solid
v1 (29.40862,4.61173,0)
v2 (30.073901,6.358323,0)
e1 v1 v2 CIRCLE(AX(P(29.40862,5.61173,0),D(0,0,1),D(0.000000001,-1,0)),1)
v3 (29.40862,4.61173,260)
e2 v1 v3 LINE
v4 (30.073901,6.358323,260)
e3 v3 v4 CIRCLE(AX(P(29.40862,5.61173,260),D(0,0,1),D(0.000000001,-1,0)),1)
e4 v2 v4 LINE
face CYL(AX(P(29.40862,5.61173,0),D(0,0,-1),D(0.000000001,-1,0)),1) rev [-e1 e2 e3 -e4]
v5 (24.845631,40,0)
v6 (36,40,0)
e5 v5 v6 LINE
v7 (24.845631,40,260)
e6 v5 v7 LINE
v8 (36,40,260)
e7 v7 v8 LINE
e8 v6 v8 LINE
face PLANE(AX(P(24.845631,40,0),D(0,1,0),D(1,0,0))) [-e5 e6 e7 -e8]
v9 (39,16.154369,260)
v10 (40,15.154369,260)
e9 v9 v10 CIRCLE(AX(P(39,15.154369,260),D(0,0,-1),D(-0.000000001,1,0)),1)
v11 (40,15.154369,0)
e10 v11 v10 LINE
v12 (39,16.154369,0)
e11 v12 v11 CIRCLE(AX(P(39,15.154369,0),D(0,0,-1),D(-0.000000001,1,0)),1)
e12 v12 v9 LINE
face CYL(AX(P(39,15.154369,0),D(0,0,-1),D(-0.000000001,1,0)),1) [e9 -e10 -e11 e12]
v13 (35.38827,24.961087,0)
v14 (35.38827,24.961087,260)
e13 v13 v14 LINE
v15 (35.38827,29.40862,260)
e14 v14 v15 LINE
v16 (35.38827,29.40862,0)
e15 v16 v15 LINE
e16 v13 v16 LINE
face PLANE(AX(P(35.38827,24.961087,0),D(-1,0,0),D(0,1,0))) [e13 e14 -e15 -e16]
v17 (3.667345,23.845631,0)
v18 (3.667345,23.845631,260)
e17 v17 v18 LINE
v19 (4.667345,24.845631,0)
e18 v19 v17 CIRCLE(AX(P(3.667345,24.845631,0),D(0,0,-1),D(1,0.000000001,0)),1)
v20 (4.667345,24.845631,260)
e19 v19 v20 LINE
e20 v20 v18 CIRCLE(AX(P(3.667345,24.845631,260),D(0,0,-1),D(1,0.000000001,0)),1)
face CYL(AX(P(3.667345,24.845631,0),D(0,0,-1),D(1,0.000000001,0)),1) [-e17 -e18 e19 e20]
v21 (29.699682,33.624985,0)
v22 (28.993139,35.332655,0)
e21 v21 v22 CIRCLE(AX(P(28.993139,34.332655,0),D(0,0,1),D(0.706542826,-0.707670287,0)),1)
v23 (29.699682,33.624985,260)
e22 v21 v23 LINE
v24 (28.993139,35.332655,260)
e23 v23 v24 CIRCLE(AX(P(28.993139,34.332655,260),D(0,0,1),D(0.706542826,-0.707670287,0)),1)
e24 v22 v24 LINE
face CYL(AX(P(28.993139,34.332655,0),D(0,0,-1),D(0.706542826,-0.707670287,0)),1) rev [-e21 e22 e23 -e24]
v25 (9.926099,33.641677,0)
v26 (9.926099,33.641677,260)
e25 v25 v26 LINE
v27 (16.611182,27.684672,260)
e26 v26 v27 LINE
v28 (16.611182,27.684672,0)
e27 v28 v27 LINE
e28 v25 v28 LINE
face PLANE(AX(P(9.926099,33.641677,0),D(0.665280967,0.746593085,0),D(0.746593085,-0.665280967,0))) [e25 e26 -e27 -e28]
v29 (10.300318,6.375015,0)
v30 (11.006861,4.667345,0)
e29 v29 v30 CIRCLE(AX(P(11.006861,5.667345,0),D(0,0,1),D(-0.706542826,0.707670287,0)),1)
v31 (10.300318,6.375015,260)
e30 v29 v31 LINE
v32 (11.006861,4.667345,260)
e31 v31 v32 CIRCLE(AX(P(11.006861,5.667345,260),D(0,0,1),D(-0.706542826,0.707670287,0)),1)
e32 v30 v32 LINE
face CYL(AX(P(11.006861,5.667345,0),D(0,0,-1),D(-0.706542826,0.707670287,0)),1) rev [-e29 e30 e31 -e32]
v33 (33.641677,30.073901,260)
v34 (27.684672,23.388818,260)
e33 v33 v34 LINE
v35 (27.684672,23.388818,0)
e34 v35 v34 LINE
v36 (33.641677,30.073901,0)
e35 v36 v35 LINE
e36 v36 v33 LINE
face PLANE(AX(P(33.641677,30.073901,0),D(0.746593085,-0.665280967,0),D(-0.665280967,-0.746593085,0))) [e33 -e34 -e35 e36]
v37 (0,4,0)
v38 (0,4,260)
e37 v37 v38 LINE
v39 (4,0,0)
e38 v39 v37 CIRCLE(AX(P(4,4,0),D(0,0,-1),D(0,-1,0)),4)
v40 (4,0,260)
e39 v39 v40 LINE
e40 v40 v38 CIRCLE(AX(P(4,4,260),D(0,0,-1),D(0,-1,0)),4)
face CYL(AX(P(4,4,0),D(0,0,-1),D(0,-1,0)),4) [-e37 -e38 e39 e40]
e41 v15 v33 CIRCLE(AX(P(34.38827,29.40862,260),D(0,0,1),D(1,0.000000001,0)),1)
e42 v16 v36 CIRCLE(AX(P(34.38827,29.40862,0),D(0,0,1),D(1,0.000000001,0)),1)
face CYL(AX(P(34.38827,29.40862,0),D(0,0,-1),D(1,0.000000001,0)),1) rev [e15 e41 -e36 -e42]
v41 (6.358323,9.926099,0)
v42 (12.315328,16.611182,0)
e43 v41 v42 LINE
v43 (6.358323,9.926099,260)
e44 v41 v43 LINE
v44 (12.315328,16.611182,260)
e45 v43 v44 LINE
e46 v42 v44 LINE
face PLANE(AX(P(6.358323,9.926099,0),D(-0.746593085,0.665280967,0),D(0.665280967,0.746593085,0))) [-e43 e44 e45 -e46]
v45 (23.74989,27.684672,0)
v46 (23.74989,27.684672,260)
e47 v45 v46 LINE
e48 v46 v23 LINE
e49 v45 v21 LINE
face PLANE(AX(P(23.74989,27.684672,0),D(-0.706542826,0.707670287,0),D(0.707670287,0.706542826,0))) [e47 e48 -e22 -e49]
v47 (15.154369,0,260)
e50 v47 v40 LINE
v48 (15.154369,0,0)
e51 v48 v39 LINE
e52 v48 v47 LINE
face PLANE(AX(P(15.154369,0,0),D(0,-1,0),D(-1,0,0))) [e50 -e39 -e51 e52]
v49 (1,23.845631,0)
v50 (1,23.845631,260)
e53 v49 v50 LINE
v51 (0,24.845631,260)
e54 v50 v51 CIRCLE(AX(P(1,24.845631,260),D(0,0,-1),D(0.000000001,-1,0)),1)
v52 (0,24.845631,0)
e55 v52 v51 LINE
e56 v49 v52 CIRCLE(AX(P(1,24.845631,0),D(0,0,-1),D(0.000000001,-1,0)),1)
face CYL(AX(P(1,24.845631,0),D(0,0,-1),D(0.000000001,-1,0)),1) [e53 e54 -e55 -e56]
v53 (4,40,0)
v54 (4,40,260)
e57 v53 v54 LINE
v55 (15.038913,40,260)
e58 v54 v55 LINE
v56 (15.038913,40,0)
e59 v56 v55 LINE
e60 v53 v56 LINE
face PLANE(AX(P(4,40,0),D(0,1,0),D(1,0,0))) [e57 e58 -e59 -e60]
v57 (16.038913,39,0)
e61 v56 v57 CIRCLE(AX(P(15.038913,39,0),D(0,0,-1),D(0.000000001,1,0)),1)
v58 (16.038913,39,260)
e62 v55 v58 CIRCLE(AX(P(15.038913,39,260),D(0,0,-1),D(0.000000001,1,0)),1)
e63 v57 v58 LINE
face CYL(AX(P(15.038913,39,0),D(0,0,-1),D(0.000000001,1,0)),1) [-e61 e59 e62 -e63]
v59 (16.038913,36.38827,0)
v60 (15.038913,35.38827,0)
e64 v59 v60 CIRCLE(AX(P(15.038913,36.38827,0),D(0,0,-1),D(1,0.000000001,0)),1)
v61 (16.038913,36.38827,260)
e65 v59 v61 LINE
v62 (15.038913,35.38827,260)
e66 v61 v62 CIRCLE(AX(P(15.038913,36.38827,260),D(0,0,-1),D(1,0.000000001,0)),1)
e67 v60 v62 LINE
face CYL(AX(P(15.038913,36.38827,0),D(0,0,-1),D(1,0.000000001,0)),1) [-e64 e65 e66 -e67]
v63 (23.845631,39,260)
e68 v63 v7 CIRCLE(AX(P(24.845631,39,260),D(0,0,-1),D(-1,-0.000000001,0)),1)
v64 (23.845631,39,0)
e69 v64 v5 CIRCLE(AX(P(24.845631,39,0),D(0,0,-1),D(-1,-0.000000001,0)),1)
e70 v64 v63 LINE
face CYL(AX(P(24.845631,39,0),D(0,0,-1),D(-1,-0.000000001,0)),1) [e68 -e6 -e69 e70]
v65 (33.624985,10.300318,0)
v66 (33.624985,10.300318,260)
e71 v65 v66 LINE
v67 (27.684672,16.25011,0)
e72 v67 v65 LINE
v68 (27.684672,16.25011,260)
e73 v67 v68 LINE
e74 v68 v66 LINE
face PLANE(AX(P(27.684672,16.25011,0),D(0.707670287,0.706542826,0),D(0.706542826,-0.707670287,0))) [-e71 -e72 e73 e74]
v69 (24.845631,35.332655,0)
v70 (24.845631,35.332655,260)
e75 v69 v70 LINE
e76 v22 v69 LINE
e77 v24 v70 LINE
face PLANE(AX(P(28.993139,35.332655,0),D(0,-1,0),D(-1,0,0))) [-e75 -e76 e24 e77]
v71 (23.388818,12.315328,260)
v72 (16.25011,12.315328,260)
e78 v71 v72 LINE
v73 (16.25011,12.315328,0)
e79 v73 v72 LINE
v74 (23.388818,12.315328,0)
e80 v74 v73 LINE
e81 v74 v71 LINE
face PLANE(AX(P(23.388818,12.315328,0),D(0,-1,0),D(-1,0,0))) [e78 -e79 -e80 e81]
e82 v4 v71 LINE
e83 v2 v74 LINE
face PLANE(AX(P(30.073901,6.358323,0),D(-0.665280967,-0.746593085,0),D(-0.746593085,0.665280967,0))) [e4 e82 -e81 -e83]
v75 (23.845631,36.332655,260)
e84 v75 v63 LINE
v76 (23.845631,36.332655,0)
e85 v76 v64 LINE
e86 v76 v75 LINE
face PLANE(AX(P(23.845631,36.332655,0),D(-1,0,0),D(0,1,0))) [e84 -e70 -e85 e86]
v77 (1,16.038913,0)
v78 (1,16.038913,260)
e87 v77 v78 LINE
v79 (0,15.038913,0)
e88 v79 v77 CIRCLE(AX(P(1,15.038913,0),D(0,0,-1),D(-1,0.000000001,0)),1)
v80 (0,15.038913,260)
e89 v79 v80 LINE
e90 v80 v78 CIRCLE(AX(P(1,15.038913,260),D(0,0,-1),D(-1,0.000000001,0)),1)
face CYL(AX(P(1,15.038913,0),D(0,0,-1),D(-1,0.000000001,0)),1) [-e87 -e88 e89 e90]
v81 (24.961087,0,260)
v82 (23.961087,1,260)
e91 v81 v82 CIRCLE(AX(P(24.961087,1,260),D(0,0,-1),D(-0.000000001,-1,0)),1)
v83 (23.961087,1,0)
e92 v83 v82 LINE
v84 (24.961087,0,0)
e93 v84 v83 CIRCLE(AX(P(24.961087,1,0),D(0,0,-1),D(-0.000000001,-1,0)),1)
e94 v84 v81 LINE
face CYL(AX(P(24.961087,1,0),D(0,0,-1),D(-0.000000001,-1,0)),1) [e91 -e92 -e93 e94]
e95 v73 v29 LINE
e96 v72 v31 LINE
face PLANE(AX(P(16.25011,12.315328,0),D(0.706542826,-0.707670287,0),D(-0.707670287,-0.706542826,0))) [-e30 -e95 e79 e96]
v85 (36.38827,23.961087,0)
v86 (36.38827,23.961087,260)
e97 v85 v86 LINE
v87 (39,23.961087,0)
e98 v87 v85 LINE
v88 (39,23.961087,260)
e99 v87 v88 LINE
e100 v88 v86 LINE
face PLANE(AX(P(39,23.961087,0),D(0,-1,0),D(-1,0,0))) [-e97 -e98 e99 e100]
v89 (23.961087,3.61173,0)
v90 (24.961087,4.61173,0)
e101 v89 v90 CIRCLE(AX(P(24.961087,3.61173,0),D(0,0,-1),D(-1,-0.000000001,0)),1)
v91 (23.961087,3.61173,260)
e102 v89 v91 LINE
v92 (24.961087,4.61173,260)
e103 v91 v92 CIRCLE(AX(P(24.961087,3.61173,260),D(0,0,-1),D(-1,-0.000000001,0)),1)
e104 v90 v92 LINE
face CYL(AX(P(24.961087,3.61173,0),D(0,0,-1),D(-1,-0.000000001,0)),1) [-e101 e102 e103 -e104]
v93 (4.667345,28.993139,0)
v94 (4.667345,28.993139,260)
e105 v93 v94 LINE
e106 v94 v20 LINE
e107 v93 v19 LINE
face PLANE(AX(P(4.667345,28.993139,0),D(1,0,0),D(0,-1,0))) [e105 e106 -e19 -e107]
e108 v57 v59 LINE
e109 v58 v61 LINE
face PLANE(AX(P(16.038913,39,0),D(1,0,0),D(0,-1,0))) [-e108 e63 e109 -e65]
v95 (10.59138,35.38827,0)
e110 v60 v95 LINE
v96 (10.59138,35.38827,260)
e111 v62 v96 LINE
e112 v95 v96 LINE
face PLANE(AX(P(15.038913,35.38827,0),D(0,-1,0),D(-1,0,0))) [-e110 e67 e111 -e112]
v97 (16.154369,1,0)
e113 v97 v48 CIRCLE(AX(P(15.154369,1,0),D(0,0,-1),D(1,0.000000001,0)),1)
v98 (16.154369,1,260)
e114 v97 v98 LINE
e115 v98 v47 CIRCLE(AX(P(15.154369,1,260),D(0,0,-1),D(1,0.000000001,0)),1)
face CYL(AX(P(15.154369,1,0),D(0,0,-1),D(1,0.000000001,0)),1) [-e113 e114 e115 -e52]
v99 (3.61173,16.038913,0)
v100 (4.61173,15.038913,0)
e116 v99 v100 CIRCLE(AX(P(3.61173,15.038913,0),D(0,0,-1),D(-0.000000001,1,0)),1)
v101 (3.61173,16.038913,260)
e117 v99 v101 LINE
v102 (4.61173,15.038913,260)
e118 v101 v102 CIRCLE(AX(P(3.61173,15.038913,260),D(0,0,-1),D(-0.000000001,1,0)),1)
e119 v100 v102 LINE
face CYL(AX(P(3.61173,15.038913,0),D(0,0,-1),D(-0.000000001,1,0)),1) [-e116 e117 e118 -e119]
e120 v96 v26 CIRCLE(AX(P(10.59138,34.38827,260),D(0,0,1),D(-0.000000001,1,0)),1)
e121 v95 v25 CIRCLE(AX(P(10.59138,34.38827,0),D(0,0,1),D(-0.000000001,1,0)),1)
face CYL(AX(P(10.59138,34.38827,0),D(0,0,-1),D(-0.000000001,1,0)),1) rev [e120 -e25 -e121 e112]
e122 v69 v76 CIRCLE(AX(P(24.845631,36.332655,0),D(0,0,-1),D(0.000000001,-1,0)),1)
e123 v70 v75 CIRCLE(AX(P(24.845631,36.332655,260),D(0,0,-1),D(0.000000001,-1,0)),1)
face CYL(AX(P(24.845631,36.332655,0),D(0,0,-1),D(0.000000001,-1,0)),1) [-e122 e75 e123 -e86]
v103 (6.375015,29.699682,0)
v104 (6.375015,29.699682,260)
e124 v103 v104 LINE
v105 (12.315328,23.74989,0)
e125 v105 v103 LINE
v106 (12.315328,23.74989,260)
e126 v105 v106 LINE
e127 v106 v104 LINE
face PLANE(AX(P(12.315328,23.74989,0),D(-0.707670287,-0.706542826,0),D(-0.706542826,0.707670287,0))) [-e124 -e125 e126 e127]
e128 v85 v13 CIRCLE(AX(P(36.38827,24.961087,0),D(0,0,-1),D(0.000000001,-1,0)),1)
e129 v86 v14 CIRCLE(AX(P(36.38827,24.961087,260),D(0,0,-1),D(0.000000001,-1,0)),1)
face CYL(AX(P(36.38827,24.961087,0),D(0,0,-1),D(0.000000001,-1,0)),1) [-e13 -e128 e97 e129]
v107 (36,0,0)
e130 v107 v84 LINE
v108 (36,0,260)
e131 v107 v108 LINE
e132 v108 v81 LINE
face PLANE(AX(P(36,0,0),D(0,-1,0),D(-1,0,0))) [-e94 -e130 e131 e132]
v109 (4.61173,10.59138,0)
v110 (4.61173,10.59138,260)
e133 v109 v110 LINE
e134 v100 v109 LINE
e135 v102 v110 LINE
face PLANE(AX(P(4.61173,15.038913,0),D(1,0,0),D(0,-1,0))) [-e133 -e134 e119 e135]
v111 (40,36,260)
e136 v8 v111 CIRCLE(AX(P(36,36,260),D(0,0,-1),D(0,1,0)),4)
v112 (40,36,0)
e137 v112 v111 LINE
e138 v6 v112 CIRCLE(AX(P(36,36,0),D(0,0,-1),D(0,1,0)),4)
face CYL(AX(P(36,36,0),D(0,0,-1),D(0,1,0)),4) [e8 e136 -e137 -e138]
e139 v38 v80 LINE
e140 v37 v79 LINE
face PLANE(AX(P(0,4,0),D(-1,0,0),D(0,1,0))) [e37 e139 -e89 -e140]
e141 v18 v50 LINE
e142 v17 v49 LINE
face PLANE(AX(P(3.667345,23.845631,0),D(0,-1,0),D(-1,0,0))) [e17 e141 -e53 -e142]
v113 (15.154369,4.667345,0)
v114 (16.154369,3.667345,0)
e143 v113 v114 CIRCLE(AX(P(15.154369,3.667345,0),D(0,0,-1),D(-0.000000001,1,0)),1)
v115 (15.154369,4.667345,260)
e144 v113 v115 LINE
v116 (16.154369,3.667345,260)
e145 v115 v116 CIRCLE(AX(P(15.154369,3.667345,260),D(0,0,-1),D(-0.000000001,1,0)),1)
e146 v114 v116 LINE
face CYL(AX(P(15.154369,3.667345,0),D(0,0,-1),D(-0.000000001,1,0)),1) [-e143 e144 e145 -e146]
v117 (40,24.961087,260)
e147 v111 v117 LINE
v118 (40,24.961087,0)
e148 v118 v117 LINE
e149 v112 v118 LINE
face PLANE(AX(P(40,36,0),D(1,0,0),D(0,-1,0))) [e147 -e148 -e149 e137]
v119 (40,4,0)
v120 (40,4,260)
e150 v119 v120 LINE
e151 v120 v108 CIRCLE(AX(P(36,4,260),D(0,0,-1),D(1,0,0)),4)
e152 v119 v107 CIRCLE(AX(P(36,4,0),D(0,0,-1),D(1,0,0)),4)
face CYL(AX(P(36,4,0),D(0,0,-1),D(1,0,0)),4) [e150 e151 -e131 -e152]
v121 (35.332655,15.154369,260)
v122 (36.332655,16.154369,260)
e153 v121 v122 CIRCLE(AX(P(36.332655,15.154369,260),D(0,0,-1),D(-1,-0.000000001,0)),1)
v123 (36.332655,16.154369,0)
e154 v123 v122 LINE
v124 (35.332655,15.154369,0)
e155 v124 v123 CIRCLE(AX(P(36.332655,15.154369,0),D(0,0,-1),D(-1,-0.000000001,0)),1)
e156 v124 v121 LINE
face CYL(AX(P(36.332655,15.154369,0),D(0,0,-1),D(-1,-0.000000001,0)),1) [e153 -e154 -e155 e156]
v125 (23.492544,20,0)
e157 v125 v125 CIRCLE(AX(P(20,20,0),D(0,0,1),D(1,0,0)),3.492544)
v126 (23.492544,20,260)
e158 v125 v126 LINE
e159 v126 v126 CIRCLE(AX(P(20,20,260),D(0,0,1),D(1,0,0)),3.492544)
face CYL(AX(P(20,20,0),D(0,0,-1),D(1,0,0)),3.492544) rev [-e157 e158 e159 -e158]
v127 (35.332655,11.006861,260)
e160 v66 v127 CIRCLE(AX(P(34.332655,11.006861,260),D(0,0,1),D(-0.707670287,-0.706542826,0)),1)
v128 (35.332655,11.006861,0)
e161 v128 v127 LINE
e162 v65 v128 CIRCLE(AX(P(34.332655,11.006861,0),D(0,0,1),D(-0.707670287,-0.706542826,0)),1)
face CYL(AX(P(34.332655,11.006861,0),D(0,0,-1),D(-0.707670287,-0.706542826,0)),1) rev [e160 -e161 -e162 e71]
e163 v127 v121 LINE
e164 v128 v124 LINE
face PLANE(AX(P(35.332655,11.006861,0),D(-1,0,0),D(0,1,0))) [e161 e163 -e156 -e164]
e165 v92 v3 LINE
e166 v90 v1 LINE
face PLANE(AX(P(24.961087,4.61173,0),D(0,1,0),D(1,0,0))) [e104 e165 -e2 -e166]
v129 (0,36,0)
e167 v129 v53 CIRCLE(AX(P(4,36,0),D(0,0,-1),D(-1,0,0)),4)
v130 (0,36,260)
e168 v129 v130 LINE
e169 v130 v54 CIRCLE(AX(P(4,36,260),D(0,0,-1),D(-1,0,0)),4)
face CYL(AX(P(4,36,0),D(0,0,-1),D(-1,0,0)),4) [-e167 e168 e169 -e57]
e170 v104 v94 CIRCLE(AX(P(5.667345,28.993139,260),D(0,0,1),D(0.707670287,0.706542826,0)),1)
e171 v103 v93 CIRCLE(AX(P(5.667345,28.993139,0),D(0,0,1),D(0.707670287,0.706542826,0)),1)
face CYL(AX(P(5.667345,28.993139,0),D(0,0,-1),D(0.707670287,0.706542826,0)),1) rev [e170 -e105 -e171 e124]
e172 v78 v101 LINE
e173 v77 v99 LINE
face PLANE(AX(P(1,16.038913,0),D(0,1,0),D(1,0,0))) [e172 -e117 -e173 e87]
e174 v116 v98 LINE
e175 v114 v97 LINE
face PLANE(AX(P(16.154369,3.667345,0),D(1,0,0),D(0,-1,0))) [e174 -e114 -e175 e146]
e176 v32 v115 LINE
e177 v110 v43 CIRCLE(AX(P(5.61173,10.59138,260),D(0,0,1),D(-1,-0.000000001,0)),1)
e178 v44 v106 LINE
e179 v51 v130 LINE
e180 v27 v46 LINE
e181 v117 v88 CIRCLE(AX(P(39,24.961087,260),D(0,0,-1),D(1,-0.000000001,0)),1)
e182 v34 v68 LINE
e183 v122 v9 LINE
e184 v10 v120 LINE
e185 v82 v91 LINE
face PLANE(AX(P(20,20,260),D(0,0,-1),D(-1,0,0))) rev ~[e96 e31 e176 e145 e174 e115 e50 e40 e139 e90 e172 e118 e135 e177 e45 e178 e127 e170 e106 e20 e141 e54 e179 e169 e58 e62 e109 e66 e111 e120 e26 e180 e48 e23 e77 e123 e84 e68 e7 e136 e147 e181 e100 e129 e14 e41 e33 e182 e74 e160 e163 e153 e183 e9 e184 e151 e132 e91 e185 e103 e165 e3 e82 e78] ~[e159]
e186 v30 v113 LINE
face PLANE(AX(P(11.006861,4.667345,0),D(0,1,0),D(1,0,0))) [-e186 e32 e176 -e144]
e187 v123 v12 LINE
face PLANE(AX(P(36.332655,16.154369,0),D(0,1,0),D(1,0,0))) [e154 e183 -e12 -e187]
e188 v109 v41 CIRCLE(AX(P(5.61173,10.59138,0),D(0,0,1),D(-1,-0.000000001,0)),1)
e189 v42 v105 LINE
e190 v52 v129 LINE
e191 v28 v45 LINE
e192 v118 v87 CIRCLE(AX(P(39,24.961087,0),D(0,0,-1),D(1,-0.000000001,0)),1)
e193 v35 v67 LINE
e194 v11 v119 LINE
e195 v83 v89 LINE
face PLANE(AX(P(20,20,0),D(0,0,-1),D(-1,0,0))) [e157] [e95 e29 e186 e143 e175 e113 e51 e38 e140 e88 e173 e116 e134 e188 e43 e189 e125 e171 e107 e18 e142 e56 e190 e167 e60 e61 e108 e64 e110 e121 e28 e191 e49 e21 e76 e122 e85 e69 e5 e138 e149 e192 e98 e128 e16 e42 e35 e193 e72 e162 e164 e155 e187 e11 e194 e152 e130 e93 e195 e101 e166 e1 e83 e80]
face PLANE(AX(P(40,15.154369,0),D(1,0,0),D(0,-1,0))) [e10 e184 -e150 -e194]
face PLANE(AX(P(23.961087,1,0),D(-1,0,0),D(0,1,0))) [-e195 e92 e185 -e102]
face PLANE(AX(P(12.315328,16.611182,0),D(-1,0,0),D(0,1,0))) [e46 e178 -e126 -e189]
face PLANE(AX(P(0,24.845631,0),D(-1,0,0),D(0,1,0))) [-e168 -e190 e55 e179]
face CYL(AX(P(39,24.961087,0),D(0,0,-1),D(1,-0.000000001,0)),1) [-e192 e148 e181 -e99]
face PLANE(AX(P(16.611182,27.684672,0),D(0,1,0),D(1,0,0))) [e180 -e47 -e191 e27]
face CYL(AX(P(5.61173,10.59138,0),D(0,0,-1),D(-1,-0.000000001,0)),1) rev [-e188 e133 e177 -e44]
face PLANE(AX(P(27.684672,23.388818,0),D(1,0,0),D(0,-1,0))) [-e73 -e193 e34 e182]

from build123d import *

# Parameters (mm, degrees)
SKETCH2_R           = 3.492543695
BOSS_EXTRUDE1_DEPTH = 260


with BuildPart() as part:
    # Sketch2 → Boss-Extrude1 (new body)
    with BuildSketch(Plane.XY):
        with BuildLine():
            Line((19.48831917, 27.684671829), (23.749889801, 27.684671829))
            Line((23.749889801, 27.684671829), (29.699681879, 33.624984685))
            ThreePointArc((29.699681879, 33.624984685), (29.917171057, 34.714970099), (28.993139054, 35.332654972))
            Line((28.993139054, 35.332654972), (24.845630957, 35.332654972))
            ThreePointArc((24.845630957, 35.332654972), (24.138524175, 35.625548191), (23.845630957, 36.332654972))
            Line((23.845630957, 36.332654972), (23.845630957, 39))
            ThreePointArc((23.845630957, 39), (24.138524175, 39.707106781), (24.845630957, 40))
            Line((24.845630957, 40), (36, 40))
            ThreePointArc((36, 40), (38.828427125, 38.828427125), (40, 36))
            Line((40, 36), (40, 24.961087436))
            ThreePointArc((40, 24.961087436), (39.707106781, 24.253980655), (39, 23.961087436))
            Line((39, 23.961087436), (36.388269628, 23.961087436))
            ThreePointArc((36.388269628, 23.961087436), (35.681162846, 24.253980655), (35.388269628, 24.961087436))
            Line((35.388269628, 24.961087436), (35.388269628, 29.408620307))
            ThreePointArc((35.388269628, 29.408620307), (34.744223919, 30.343123673), (33.641676542, 30.073901274))
            Line((33.641676542, 30.073901274), (27.684671829, 23.388818206))
            Line((27.684671829, 23.388818206), (27.684671829, 20.51168083))
            Line((27.684671829, 20.51168083), (27.684671829, 16.250110199))
            Line((27.684671829, 16.250110199), (33.624984685, 10.300318121))
            ThreePointArc((33.624984685, 10.300318121), (34.714970099, 10.082828943), (35.332654972, 11.006860946))
            Line((35.332654972, 11.006860946), (35.332654972, 15.154369043))
            ThreePointArc((35.332654972, 15.154369043), (35.625548191, 15.861475825), (36.332654972, 16.154369043))
            Line((36.332654972, 16.154369043), (39, 16.154369043))
            ThreePointArc((39, 16.154369043), (39.707106781, 15.861475825), (40, 15.154369043))
            Line((40, 15.154369043), (40, 4))
            ThreePointArc((40, 4), (38.828427125, 1.171572875), (36, 0))
            Line((36, 0), (24.961087436, 0))
            ThreePointArc((24.961087436, 0), (24.253980655, 0.292893219), (23.961087436, 1))
            Line((23.961087436, 1), (23.961087436, 3.611730372))
            ThreePointArc((23.961087436, 3.611730372), (24.253980655, 4.318837154), (24.961087436, 4.611730372))
            Line((24.961087436, 4.611730372), (29.408620307, 4.611730372))
            ThreePointArc((29.408620307, 4.611730372), (30.343123673, 5.255776081), (30.073901274, 6.358323458))
            Line((30.073901274, 6.358323458), (23.388818206, 12.315328171))
            Line((23.388818206, 12.315328171), (20.51168083, 12.315328171))
            Line((20.51168083, 12.315328171), (16.250110199, 12.315328171))
            Line((16.250110199, 12.315328171), (10.300318121, 6.375015315))
            ThreePointArc((10.300318121, 6.375015315), (10.082828943, 5.285029901), (11.006860946, 4.667345028))
            Line((11.006860946, 4.667345028), (15.154369043, 4.667345028))
            ThreePointArc((15.154369043, 4.667345028), (15.861475825, 4.374451809), (16.154369043, 3.667345028))
            Line((16.154369043, 3.667345028), (16.154369043, 1))
            ThreePointArc((16.154369043, 1), (15.861475825, 0.292893219), (15.154369043, 0))
            Line((15.154369043, 0), (4, 0))
            ThreePointArc((4, 0), (1.171572875, 1.171572875), (0, 4))
            Line((0, 4), (0, 15.038912564))
            ThreePointArc((0, 15.038912564), (0.292893219, 15.746019345), (1, 16.038912564))
            Line((1, 16.038912564), (3.611730372, 16.038912564))
            ThreePointArc((3.611730372, 16.038912564), (4.318837154, 15.746019345), (4.611730372, 15.038912564))
            Line((4.611730372, 15.038912564), (4.611730372, 10.591379693))
            ThreePointArc((4.611730372, 10.591379693), (5.255776081, 9.656876327), (6.358323458, 9.926098726))
            Line((6.358323458, 9.926098726), (12.315328171, 16.611181794))
            Line((12.315328171, 16.611181794), (12.315328171, 19.48831917))
            Line((12.315328171, 19.48831917), (12.315328171, 23.749889801))
            Line((12.315328171, 23.749889801), (6.375015315, 29.699681879))
            ThreePointArc((6.375015315, 29.699681879), (5.285029901, 29.917171057), (4.667345028, 28.993139054))
            Line((4.667345028, 28.993139054), (4.667345028, 24.845630957))
            ThreePointArc((4.667345028, 24.845630957), (4.374451809, 24.138524175), (3.667345028, 23.845630957))
            Line((3.667345028, 23.845630957), (1, 23.845630957))
            ThreePointArc((1, 23.845630957), (0.292893219, 24.138524175), (0, 24.845630957))
            Line((0, 24.845630957), (0, 36))
            ThreePointArc((0, 36), (1.171572875, 38.828427125), (4, 40))
            Line((4, 40), (15.038912564, 40))
            ThreePointArc((15.038912564, 40), (15.746019345, 39.707106781), (16.038912564, 39))
            Line((16.038912564, 39), (16.038912564, 36.388269628))
            ThreePointArc((16.038912564, 36.388269628), (15.746019345, 35.681162846), (15.038912564, 35.388269628))
            Line((15.038912564, 35.388269628), (10.591379693, 35.388269628))
            ThreePointArc((10.591379693, 35.388269628), (9.656876327, 34.744223919), (9.926098726, 33.641676542))
            Line((9.926098726, 33.641676542), (16.611181794, 27.684671829))
            Line((16.611181794, 27.684671829), (19.48831917, 27.684671829))
        make_face()
        with Locations((20, 20)):
            Circle(SKETCH2_R, mode=Mode.SUBTRACT)
    extrude(amount=BOSS_EXTRUDE1_DEPTH)


solid = part.part
